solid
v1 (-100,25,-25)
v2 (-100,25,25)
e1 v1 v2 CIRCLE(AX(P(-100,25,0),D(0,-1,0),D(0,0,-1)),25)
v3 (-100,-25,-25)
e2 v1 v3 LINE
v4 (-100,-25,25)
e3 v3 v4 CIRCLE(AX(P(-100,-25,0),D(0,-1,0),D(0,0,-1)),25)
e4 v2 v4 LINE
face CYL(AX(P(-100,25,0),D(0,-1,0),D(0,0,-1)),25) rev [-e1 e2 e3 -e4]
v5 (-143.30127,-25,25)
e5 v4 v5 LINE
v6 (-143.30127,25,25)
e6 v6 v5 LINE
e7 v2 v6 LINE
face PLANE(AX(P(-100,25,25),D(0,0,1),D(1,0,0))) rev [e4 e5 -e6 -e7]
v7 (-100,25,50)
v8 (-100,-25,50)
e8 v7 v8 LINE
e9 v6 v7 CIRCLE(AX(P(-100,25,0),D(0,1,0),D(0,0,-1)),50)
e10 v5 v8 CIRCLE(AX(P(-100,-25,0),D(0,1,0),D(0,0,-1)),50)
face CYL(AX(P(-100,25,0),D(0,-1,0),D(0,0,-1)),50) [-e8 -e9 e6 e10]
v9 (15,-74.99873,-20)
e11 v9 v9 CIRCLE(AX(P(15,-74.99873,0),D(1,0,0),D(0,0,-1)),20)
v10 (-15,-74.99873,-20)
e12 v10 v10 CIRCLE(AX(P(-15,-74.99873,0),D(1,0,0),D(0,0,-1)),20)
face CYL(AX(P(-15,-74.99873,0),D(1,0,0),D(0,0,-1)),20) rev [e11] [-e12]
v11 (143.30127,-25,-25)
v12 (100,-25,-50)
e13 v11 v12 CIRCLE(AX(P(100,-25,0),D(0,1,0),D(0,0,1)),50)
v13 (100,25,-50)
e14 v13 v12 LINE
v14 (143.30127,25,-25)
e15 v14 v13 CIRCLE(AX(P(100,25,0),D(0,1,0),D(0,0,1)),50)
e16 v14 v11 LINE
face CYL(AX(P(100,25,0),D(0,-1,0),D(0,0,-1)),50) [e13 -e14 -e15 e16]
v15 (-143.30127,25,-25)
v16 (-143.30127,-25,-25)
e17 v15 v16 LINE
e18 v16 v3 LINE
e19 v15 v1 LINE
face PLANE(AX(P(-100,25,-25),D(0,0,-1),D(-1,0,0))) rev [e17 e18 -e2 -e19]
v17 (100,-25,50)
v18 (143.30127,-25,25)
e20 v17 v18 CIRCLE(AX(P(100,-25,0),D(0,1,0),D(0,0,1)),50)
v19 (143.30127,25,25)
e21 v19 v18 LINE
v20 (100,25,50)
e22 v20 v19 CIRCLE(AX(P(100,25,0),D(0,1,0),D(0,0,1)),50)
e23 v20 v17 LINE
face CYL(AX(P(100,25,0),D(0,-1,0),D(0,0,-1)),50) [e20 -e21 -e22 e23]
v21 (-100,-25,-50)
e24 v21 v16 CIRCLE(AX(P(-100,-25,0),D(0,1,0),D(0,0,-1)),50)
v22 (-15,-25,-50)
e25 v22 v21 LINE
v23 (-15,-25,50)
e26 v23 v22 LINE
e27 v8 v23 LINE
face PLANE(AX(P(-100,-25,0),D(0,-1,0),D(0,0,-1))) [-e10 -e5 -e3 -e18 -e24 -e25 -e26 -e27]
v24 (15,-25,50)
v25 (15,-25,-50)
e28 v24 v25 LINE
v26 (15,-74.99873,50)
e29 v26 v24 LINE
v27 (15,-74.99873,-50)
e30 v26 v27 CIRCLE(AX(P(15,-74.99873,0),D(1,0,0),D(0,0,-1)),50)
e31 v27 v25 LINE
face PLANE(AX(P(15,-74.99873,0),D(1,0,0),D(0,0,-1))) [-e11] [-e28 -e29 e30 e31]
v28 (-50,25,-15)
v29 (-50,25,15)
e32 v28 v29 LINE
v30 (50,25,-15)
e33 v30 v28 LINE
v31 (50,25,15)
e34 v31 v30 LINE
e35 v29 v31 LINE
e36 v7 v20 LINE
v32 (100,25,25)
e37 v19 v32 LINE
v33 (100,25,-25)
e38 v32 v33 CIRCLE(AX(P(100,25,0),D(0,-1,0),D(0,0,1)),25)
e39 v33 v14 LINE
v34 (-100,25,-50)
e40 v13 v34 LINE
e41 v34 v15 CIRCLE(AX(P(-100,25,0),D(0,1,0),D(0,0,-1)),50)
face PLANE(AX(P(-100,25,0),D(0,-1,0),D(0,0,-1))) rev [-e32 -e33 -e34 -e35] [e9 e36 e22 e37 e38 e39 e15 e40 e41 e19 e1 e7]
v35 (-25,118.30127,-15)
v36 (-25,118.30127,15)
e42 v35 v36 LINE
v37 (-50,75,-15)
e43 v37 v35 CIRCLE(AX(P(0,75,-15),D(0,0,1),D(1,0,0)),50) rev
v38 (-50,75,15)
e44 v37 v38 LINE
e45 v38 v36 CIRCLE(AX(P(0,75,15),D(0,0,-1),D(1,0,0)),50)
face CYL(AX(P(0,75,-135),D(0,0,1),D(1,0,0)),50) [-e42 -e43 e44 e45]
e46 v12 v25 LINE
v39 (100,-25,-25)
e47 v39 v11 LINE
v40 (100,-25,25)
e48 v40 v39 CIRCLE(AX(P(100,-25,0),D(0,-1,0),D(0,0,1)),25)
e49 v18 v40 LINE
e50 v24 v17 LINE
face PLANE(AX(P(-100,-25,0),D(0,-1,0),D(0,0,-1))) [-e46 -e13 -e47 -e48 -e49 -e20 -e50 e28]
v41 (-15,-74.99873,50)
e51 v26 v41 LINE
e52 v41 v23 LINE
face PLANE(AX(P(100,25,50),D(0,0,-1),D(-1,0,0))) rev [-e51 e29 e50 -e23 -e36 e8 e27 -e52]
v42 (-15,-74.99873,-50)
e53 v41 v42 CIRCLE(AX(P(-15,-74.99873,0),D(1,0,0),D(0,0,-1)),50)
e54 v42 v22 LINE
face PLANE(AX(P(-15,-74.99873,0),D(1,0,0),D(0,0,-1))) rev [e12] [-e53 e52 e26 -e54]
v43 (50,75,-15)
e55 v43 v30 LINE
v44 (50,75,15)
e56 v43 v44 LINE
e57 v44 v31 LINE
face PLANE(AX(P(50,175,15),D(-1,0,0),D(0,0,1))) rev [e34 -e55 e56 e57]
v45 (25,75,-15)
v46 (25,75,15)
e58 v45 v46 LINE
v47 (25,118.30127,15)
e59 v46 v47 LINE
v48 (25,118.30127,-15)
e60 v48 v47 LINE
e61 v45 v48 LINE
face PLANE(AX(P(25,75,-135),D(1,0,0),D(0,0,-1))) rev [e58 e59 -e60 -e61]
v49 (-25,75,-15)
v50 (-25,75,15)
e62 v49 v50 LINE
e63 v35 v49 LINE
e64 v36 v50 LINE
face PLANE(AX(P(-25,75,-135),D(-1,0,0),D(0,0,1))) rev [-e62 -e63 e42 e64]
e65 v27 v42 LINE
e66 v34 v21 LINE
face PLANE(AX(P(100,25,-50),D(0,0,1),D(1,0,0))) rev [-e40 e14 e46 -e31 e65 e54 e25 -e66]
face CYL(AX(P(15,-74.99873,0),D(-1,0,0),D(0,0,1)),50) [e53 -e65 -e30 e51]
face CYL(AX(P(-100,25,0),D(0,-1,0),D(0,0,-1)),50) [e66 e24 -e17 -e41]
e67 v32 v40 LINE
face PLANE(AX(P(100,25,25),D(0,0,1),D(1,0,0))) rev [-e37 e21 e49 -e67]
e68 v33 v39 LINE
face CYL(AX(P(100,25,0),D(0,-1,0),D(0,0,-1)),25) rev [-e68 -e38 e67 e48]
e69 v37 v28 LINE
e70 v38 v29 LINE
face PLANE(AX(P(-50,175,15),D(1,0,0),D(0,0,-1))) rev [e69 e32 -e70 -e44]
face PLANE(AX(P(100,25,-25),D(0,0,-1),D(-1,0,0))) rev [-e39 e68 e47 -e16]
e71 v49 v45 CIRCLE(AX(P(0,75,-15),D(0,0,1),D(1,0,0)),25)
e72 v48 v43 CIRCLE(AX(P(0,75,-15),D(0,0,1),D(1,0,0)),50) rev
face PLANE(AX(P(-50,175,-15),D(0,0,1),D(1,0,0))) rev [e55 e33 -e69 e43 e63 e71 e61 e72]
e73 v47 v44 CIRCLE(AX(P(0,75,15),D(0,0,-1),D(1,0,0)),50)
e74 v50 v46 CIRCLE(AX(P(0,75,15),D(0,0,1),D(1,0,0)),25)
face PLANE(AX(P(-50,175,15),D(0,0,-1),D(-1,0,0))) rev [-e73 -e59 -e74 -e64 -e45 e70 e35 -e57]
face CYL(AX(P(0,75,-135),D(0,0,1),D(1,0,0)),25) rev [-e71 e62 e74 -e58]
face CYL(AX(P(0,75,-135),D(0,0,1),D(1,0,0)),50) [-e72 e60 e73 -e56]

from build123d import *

# Parameters (mm, degrees)
BOSS_EXTRUDE1_DEPTH = 25
SKETCH2_W           = 100
SKETCH2_H           = 30
BOSS_EXTRUDE3_DEPTH = 150
CUT_EXTRUDE1_DEPTH  = 150
BOSS_EXTRUDE4_DEPTH = 15
SKETCH7_R           = 20
CUT_EXTRUDE2_DEPTH  = 30


with BuildPart() as part:
    # Sketch1 → Boss-Extrude1 (new body, symmetric)
    with BuildSketch(Plane(origin=(0, 0, 0), x_dir=(1, 0, 0), z_dir=(0, 1, 0))):
        with BuildLine():
            Line((100, 50), (-100, 50))
            ThreePointArc((-100, 50), (-125, 43.301270189), (-143.301270189, 25))
            Line((-143.301270189, 25), (-100, 25))
            ThreePointArc((-100, 25), (-75, 0), (-100, -25))
            Line((-100, -25), (-143.301270189, -25))
            ThreePointArc((-143.301270189, -25), (-125, -43.301270189), (-100, -50))
            Line((-100, -50), (100, -50))
            ThreePointArc((100, -50), (125, -43.301270189), (143.301270189, -25))
            Line((143.301270189, -25), (100, -25))
            ThreePointArc((100, -25), (75, 0), (100, 25))
            Line((100, 25), (143.301270189, 25))
            ThreePointArc((143.301270189, 25), (125, 43.301270189), (100, 50))
        make_face()
    extrude(amount=BOSS_EXTRUDE1_DEPTH, both=True)

    # Sketch2 → Boss-Extrude3 (add)
    with BuildSketch(Plane(origin=(0, 25, 0), x_dir=(1, 0, 0), z_dir=(0, 1, 0))):
        Rectangle(SKETCH2_W, SKETCH2_H)
    extrude(amount=BOSS_EXTRUDE3_DEPTH)

    # Sketch4 → Cut-Extrude1 (cut)
    with BuildSketch(Plane.XY.offset(15)):
        with BuildLine():
            Line((-25, 75), (-25, 118.301270189))
            ThreePointArc((-25, 118.301270189), (-43.301270189, 100), (-50, 75))
            Line((-50, 75), (-50, 175))
            Line((-50, 175), (50, 175))
            Line((50, 175), (50, 75))
            ThreePointArc((50, 75), (43.301270189, 100), (25, 118.301270189))
            Line((25, 118.301270189), (25, 75))
            ThreePointArc((25, 75), (0, 50), (-25, 75))
        make_face()
    extrude(amount=-CUT_EXTRUDE1_DEPTH, mode=Mode.SUBTRACT)

    # Sketch6 → Boss-Extrude4 (add, symmetric)
    with BuildSketch(Plane(origin=(0, 0, 0), x_dir=(0, 0, -1), z_dir=(1, 0, 0))):
        with BuildLine():
            Line((-50, -74.998729811), (-50, -25))
            Line((-50, -25), (-25, -25))
            Line((-25, -25), (25, -25))
            Line((25, -25), (50, -25))
            Line((50, -25), (50, -74.998729811))
            ThreePointArc((50, -74.998729811), (0, -124.998729811), (-50, -74.998729811))
        make_face()
    extrude(amount=BOSS_EXTRUDE4_DEPTH, both=True)

    # Sketch7 → Cut-Extrude2 (cut)
    with BuildSketch(Plane(origin=(15, 0, 0), x_dir=(0, 0, -1), z_dir=(1, 0, 0))):
        with Locations((0, -74.998729811)):
            Circle(SKETCH7_R)
    extrude(amount=-CUT_EXTRUDE2_DEPTH, mode=Mode.SUBTRACT)


solid = part.part
